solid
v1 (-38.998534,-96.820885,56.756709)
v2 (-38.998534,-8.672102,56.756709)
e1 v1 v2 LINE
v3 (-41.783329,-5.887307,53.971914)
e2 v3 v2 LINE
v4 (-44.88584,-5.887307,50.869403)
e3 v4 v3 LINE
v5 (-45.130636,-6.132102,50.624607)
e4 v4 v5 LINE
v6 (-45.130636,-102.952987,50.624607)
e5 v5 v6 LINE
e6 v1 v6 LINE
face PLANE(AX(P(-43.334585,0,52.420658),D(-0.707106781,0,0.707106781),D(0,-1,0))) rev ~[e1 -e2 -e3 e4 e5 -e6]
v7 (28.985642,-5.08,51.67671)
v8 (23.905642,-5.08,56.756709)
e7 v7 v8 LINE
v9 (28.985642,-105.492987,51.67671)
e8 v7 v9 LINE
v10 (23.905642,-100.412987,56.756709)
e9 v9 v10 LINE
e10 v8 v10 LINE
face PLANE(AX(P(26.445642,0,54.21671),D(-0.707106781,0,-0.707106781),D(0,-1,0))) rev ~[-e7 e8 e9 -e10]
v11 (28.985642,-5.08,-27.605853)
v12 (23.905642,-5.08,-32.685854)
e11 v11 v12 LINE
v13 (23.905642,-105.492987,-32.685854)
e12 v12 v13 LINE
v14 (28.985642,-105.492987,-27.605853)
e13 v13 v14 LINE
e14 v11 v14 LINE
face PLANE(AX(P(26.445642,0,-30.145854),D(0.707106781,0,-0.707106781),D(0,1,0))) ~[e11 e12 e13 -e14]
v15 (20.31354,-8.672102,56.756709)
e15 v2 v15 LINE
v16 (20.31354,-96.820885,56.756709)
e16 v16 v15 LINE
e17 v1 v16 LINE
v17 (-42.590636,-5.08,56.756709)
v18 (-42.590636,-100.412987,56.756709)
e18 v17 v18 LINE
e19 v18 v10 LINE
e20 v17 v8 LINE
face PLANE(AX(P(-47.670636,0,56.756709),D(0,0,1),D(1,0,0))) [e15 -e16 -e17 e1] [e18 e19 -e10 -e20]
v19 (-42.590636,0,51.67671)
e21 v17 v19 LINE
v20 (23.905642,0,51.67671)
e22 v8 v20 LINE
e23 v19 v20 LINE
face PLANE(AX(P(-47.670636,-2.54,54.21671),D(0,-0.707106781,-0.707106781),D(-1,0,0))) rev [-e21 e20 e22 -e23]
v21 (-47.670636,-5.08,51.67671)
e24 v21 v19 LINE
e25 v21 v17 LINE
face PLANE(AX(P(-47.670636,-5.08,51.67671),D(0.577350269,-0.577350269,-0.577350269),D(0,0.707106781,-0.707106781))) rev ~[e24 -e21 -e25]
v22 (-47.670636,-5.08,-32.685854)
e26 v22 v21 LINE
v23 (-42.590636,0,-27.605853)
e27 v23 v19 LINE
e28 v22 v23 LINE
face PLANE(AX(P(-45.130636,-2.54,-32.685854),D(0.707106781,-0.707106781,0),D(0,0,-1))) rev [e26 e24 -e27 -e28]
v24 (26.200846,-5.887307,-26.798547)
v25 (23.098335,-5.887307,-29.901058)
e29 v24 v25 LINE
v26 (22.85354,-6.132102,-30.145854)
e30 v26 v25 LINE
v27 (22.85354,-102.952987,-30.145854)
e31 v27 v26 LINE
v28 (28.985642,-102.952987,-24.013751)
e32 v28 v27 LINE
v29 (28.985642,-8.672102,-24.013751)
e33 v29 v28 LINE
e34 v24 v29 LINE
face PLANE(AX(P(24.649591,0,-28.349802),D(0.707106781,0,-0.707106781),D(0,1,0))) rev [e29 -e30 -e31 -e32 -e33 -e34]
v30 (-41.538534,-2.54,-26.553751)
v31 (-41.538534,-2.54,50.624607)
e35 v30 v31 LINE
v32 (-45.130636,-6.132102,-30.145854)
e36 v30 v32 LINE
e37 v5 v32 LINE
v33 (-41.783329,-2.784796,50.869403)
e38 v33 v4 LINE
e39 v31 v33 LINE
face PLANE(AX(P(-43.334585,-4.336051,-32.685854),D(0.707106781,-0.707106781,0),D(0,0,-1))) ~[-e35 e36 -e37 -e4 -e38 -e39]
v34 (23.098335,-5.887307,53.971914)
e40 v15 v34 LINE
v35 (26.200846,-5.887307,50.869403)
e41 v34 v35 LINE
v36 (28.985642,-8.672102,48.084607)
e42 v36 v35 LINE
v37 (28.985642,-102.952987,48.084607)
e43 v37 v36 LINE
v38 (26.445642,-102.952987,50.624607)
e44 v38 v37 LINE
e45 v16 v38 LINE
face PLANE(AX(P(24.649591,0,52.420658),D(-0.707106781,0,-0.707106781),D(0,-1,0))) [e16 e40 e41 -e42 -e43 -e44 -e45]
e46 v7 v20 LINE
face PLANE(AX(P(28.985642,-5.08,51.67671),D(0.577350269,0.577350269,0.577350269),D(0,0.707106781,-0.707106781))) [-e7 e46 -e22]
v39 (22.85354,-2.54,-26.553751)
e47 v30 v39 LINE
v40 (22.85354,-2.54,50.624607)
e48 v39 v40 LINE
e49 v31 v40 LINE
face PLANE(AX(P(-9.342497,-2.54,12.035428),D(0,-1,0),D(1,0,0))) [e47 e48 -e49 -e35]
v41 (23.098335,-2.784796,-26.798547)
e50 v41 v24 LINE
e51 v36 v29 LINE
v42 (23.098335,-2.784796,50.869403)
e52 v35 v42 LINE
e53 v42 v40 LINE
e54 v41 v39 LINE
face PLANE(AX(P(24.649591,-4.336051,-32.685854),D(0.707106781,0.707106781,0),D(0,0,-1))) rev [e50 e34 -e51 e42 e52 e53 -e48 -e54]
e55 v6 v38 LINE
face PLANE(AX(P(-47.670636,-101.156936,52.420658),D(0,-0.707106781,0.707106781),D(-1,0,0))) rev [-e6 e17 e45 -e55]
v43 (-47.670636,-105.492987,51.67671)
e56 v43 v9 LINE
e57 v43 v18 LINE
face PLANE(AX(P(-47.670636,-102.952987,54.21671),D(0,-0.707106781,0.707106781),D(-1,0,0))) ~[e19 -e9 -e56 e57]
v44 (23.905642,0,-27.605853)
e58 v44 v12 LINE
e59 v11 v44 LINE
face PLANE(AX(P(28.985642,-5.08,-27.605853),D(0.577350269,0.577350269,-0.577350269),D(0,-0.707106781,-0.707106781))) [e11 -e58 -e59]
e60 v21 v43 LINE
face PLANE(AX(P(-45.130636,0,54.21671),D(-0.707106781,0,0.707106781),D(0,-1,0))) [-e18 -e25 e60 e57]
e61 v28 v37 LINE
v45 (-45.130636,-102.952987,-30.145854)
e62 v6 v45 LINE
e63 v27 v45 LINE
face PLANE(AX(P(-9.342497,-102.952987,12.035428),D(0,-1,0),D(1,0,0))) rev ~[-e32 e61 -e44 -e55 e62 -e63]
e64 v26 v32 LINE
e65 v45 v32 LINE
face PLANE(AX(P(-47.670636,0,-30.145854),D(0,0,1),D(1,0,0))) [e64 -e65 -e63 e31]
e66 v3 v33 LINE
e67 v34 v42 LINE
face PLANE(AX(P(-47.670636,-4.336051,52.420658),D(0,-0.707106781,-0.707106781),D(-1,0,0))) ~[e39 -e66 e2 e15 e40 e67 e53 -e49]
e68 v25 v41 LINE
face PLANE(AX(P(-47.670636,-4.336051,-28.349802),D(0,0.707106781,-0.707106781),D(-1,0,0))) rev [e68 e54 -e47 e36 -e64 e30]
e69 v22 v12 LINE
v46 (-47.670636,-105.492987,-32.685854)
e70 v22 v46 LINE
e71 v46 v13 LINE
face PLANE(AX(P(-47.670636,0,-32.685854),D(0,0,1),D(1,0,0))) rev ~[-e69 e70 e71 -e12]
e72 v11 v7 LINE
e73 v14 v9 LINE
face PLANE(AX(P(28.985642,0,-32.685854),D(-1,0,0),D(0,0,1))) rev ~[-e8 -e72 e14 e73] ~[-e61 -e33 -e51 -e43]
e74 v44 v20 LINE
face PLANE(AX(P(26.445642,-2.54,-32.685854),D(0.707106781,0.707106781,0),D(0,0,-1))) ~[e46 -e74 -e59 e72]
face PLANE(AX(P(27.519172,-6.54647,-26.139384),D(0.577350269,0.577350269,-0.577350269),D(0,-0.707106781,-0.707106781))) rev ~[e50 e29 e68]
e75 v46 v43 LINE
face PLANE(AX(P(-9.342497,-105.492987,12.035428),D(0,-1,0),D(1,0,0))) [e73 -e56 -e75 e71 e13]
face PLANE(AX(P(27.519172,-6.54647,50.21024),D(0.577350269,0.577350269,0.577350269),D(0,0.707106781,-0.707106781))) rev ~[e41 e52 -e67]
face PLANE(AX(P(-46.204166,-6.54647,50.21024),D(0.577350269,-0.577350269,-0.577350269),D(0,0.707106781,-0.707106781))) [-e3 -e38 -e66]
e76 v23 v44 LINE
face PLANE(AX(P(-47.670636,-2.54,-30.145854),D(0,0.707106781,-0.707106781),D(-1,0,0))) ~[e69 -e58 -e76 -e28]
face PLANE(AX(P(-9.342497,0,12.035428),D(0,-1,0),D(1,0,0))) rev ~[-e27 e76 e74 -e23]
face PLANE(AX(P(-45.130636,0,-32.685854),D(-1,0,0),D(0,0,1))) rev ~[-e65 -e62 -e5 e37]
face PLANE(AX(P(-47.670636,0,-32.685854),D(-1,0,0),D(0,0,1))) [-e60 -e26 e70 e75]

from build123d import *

# Parameters (mm, degrees)
F1_W     = 76.656278
F1_H     = 89.442563
F2_DEPTH = 105.492987
F4_SIZE  = 5.08
F5_T     = -2.54


with BuildPart() as f2:
    # F1 (on face) → F2 (new body)
    with BuildSketch(Plane.XZ):
        with Locations((-9.342497, 12.035428)):
            Rectangle(F1_W, F1_H)
    extrude(amount=F2_DEPTH)

    # F4
    f4_edges = [f2.edges().sort_by_distance(p)[0] for p in [
        (-9.342497, 0, 56.756709),
        (28.985642, -52.746493, 56.756709),
        (-47.670636, -52.746493, 56.756709),
        (-9.342497, -105.492987, 56.756709),
        (-9.342497, 0, -32.685854),
        (28.985642, 0, 12.035428),
        (-47.670636, 0, 12.035428),
        (28.985642, -52.746493, -32.685854),
    ]]
    chamfer(f4_edges, length=F4_SIZE)

    # F5
    f5_openings = [f2.faces().sort_by_distance(p)[0] for p in [
        (28.985642, -55.286493, 12.035428),
        (-9.342497, -52.746493, 56.756709),
    ]]
    offset(amount=F5_T, openings=f5_openings)


solid = f2.part
